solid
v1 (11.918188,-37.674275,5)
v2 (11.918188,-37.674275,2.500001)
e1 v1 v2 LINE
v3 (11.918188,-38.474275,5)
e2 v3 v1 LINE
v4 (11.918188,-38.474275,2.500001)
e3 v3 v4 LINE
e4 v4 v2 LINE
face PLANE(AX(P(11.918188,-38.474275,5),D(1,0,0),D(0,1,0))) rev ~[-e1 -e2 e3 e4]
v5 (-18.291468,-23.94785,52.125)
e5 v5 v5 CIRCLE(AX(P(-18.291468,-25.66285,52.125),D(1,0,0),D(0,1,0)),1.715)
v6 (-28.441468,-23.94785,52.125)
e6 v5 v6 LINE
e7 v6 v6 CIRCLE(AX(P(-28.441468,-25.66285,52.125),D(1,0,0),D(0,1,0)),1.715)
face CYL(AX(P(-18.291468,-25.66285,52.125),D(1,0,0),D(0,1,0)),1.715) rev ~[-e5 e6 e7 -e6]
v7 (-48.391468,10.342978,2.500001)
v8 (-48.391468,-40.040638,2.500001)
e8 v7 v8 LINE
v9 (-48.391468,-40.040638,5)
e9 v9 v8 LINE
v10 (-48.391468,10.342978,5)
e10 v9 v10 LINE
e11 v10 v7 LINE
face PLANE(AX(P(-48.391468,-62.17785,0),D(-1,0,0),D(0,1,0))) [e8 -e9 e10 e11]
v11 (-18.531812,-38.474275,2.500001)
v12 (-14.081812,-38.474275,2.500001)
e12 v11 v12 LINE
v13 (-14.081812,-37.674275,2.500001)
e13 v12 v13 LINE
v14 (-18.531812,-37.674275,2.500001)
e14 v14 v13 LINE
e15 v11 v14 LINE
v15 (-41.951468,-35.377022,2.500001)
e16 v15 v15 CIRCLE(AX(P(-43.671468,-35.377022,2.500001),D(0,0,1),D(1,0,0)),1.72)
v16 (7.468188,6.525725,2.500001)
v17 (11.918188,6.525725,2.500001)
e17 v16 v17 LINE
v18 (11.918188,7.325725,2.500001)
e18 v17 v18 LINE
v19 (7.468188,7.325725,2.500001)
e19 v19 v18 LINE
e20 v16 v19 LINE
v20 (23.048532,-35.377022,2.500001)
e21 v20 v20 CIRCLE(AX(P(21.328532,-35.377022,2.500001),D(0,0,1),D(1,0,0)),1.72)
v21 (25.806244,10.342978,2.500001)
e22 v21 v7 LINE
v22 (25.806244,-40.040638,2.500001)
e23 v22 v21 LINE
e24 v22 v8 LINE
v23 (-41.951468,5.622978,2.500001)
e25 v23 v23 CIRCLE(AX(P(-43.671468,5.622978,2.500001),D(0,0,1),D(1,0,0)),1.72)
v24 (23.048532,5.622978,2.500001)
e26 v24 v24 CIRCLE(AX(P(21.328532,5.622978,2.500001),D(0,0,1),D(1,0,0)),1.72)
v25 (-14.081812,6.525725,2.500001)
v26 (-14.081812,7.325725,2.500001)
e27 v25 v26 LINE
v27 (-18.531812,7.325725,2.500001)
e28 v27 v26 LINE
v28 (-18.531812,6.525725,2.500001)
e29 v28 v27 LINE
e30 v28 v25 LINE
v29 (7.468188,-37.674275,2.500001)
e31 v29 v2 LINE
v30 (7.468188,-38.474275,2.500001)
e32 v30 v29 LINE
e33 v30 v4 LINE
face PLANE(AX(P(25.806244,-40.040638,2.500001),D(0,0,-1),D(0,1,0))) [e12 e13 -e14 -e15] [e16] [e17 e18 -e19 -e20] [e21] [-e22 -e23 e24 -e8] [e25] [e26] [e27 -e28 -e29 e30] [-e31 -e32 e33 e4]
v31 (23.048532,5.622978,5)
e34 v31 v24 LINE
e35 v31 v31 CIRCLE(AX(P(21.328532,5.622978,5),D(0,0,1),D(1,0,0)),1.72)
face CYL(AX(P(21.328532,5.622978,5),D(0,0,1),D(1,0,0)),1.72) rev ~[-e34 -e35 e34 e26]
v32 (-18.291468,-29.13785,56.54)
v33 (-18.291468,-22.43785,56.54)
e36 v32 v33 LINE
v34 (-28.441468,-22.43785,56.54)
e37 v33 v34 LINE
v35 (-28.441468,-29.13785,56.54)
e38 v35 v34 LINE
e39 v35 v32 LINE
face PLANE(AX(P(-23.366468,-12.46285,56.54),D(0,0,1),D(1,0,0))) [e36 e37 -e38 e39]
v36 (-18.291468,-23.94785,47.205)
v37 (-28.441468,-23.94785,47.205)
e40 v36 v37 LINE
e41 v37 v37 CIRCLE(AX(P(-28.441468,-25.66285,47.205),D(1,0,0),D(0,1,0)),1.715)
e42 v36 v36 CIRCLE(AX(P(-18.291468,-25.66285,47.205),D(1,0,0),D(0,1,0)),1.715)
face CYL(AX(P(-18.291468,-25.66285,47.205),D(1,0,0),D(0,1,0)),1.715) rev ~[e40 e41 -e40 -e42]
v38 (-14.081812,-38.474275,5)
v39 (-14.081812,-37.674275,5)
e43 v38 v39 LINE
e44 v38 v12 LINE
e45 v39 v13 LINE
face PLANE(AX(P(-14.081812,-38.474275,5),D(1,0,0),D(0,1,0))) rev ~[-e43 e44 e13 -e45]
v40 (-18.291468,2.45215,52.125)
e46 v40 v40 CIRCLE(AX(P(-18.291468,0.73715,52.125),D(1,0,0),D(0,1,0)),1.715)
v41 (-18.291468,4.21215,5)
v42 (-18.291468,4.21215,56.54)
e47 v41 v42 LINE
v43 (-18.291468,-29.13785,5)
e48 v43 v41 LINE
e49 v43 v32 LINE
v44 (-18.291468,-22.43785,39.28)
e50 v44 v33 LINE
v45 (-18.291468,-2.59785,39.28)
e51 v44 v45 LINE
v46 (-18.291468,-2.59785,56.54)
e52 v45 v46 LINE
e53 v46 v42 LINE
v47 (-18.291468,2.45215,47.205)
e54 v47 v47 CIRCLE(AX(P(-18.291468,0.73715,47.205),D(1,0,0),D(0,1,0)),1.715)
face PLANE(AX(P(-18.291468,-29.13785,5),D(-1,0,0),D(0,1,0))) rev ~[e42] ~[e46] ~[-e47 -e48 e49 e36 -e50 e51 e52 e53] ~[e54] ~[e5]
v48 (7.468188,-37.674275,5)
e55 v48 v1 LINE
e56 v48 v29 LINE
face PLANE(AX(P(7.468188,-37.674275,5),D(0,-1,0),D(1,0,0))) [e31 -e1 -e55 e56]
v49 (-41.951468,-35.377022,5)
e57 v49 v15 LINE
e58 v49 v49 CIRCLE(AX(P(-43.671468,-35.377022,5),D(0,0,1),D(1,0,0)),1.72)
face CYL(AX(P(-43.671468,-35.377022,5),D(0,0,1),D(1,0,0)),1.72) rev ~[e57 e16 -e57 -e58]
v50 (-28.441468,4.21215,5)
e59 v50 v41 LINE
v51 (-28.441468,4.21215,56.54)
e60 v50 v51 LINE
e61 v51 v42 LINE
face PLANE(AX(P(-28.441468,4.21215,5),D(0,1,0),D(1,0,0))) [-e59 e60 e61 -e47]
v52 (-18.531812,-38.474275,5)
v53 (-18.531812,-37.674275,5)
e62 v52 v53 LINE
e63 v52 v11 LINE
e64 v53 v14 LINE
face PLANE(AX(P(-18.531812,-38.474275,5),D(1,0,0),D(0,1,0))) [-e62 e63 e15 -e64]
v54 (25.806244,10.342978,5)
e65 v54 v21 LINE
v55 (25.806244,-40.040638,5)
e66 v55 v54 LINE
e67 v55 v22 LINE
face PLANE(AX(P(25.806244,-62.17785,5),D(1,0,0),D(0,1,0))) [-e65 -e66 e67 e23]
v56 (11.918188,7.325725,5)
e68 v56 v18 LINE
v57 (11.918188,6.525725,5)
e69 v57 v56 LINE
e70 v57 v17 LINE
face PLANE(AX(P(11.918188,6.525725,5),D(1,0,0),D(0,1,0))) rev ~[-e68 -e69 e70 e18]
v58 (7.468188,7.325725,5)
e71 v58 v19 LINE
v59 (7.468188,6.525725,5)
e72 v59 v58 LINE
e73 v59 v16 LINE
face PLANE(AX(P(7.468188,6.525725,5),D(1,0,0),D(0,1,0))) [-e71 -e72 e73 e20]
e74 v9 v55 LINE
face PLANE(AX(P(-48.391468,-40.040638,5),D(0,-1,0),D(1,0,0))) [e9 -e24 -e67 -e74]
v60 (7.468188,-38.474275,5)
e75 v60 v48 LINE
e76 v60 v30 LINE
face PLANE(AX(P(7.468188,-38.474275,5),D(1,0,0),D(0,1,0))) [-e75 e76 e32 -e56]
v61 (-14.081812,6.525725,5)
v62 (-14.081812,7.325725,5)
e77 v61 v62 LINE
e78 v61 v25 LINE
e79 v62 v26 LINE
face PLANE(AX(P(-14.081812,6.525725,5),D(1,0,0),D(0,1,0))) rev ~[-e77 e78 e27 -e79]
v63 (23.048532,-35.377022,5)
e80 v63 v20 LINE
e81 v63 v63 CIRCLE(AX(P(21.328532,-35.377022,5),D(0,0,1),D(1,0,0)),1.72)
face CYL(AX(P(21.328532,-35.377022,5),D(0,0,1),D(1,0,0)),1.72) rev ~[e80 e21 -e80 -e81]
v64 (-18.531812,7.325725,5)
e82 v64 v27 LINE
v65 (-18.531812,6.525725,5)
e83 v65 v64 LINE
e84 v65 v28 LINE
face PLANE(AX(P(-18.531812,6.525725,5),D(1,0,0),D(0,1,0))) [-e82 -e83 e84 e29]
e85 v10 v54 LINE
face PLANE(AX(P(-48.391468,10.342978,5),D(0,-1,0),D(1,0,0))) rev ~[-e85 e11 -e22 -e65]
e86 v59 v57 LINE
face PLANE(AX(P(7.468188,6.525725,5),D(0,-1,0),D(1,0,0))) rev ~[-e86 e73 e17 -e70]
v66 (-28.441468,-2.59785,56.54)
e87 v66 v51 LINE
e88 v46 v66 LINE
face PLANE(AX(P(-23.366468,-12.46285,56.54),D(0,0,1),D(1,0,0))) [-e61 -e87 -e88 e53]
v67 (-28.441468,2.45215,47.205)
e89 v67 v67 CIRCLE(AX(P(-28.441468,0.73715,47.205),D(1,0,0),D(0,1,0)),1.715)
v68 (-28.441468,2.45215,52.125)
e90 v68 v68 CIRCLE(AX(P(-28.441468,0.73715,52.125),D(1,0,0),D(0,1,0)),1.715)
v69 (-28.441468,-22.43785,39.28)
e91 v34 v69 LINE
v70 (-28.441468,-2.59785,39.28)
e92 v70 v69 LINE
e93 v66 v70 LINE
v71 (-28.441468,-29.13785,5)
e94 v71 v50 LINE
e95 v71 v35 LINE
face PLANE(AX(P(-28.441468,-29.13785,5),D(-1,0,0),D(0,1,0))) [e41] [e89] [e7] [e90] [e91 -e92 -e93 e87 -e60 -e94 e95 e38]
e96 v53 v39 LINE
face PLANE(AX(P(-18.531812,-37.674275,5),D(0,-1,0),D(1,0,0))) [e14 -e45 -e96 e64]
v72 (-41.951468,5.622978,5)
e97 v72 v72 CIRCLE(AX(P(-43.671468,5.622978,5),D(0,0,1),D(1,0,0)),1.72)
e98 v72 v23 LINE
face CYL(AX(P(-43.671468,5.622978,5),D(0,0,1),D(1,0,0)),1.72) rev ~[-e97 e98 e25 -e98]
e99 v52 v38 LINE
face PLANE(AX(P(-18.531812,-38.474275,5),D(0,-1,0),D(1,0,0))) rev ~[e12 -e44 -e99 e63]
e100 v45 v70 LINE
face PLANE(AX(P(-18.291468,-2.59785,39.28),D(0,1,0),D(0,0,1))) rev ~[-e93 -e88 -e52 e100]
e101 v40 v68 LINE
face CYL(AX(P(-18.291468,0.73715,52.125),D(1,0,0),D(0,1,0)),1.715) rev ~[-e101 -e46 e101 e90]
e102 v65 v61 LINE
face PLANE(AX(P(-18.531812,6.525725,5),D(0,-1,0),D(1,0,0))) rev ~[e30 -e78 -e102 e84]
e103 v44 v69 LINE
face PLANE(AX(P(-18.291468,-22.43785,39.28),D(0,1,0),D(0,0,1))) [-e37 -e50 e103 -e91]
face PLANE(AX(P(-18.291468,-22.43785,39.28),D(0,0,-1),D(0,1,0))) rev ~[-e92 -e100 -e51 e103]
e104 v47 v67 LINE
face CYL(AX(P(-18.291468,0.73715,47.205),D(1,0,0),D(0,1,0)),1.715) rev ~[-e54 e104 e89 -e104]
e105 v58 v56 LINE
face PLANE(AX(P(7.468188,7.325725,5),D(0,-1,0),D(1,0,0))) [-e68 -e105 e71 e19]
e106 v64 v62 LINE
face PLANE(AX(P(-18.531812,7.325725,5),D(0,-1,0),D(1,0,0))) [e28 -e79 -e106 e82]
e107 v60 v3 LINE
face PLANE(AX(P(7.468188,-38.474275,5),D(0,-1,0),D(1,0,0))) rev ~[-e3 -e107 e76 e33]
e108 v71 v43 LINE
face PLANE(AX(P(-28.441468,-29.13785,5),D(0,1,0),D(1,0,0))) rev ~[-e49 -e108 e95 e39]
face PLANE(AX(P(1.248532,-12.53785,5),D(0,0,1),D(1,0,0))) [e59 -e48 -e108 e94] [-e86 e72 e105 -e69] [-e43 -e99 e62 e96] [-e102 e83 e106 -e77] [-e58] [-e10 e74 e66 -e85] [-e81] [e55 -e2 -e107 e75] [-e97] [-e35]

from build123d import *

# Parameters (mm, degrees)
F0_W      = 99.28
F0_H      = 99.28
F1_DEPTH  = 5
F2_R      = 9.975
F3_DEPTH  = 50.12
F4_R      = 6.97414
F5_DEPTH  = 45
F6_W      = 10.15
F6_H      = 33.35
F7_DEPTH  = 51.54
F8_W      = 19.84
F8_H      = 17.26
F9_DEPTH  = 30.101
F10_R     = 1.715
F11_DEPTH = 30.101
F12_W     = 99.28
F12_H     = 26.759172
F13_DEPTH = 55.121
F14_W     = 25.082288
F14_H     = 72.520828
F15_DEPTH = 55.121
F16_W     = 74.197712
F16_H     = 22.137212
F17_DEPTH = 55.121
F18_R     = 1.715
F19_DEPTH = 30.101
F20_W     = 4.45
F20_H     = 0.8
F21_DEPTH = 55.121
F22_R     = 1.72
F23_DEPTH = 55.121
F24_W     = 50.383616
F24_H     = 56.672631
F25_DEPTH = 74.198713


with BuildPart() as f1:
    # F0 (on Top) → F1 (new body)
    with BuildSketch(Plane.XY):
        with Locations((1.248532, -12.53785)):
            Rectangle(F0_W, F0_H)
    extrude(amount=F1_DEPTH)

    # F2 (on face) → F3 (join)
    with BuildSketch(Plane(origin=(0, 0, 0), x_dir=(1, 0, 0), z_dir=(0, 0, -1))):
        with Locations((0, 12.20285)):
            Circle(F2_R)
    extrude(amount=F3_DEPTH)

    # F4 (on face) → F5 (cut)
    with BuildSketch(Plane(origin=(0, 0, -50.12), x_dir=(1, 0, 0), z_dir=(0, 0, -1))):
        with Locations((0, 12.20285)):
            Circle(F4_R)
    extrude(amount=-F5_DEPTH, mode=Mode.SUBTRACT)

    # F6 (on face) → F7 (join)
    with BuildSketch(Plane.XY.offset(5)):
        with Locations((-23.366468, -12.46285)):
            Rectangle(F6_W, F6_H)
    extrude(amount=F7_DEPTH)

    # F8 (on face) → F9 (cut, through all)
    with BuildSketch(Plane.YZ.offset(-18.291468)):
        with Locations((-12.51785, 47.91)):
            Rectangle(F8_W, F8_H)
    extrude(amount=-F9_DEPTH, mode=Mode.SUBTRACT)

    # F10 (on face) → F11 (cut, through all)
    with BuildSketch(Plane.YZ.offset(-18.291468)):
        with Locations((-25.66285, 52.125)):
            Circle(F10_R)
        with Locations((-25.66285, 47.205)):
            Circle(F10_R)
    extrude(amount=-F11_DEPTH, mode=Mode.SUBTRACT)

    # F12 (on face) → F13 (cut, through all)
    with BuildSketch(Plane.XY.offset(5)):
        with Locations((1.248532, 23.722564)):
            Rectangle(F12_W, F12_H)
    extrude(amount=-F13_DEPTH, mode=Mode.SUBTRACT)

    # F14 (on face) → F15 (cut, through all)
    with BuildSketch(Plane.XY.offset(5)):
        with Locations((38.347388, -25.917436)):
            Rectangle(F14_W, F14_H)
    extrude(amount=-F15_DEPTH, mode=Mode.SUBTRACT)

    # F16 (on face) → F17 (cut, through all)
    with BuildSketch(Plane.XY.offset(5)):
        with Locations((-11.292612, -51.109244)):
            Rectangle(F16_W, F16_H)
    extrude(amount=-F17_DEPTH, mode=Mode.SUBTRACT)

    # F18 (on face) → F19 (cut, through all)
    with BuildSketch(Plane.YZ.offset(-18.291468)):
        with Locations((0.73715, 52.125)):
            Circle(F18_R)
        with Locations((0.73715, 47.205)):
            Circle(F18_R)
    extrude(amount=-F19_DEPTH, mode=Mode.SUBTRACT)

    # F20 (on face) → F21 (cut, through all)
    with BuildSketch(Plane.XY.offset(5)):
        with Locations((-16.306812, -38.074275)):
            Rectangle(F20_W, F20_H)
        with Locations((-16.306812, 6.925725)):
            Rectangle(F20_W, F20_H)
        with Locations((9.693188, -38.074275)):
            Rectangle(F20_W, F20_H)
        with Locations((9.693188, 6.925725)):
            Rectangle(F20_W, F20_H)
    extrude(amount=-F21_DEPTH, mode=Mode.SUBTRACT)

    # F22 (on face) → F23 (cut, through all)
    with BuildSketch(Plane.XY.offset(5)):
        with Locations((-43.671468, 5.622978)):
            Circle(F22_R)
        with Locations((-43.671468, -35.377022)):
            Circle(F22_R)
        with Locations((21.328532, 5.622978)):
            Circle(F22_R)
        with Locations((21.328532, -35.377022)):
            Circle(F22_R)
    extrude(amount=-F23_DEPTH, mode=Mode.SUBTRACT)

    # F24 (on face) → F25 (cut, through all)
    with BuildSketch(Plane.YZ.offset(25.806244)):
        with Locations((-14.84883, -25.836315)):
            Rectangle(F24_W, F24_H)
    extrude(amount=-F25_DEPTH, mode=Mode.SUBTRACT)


solid = f1.part
